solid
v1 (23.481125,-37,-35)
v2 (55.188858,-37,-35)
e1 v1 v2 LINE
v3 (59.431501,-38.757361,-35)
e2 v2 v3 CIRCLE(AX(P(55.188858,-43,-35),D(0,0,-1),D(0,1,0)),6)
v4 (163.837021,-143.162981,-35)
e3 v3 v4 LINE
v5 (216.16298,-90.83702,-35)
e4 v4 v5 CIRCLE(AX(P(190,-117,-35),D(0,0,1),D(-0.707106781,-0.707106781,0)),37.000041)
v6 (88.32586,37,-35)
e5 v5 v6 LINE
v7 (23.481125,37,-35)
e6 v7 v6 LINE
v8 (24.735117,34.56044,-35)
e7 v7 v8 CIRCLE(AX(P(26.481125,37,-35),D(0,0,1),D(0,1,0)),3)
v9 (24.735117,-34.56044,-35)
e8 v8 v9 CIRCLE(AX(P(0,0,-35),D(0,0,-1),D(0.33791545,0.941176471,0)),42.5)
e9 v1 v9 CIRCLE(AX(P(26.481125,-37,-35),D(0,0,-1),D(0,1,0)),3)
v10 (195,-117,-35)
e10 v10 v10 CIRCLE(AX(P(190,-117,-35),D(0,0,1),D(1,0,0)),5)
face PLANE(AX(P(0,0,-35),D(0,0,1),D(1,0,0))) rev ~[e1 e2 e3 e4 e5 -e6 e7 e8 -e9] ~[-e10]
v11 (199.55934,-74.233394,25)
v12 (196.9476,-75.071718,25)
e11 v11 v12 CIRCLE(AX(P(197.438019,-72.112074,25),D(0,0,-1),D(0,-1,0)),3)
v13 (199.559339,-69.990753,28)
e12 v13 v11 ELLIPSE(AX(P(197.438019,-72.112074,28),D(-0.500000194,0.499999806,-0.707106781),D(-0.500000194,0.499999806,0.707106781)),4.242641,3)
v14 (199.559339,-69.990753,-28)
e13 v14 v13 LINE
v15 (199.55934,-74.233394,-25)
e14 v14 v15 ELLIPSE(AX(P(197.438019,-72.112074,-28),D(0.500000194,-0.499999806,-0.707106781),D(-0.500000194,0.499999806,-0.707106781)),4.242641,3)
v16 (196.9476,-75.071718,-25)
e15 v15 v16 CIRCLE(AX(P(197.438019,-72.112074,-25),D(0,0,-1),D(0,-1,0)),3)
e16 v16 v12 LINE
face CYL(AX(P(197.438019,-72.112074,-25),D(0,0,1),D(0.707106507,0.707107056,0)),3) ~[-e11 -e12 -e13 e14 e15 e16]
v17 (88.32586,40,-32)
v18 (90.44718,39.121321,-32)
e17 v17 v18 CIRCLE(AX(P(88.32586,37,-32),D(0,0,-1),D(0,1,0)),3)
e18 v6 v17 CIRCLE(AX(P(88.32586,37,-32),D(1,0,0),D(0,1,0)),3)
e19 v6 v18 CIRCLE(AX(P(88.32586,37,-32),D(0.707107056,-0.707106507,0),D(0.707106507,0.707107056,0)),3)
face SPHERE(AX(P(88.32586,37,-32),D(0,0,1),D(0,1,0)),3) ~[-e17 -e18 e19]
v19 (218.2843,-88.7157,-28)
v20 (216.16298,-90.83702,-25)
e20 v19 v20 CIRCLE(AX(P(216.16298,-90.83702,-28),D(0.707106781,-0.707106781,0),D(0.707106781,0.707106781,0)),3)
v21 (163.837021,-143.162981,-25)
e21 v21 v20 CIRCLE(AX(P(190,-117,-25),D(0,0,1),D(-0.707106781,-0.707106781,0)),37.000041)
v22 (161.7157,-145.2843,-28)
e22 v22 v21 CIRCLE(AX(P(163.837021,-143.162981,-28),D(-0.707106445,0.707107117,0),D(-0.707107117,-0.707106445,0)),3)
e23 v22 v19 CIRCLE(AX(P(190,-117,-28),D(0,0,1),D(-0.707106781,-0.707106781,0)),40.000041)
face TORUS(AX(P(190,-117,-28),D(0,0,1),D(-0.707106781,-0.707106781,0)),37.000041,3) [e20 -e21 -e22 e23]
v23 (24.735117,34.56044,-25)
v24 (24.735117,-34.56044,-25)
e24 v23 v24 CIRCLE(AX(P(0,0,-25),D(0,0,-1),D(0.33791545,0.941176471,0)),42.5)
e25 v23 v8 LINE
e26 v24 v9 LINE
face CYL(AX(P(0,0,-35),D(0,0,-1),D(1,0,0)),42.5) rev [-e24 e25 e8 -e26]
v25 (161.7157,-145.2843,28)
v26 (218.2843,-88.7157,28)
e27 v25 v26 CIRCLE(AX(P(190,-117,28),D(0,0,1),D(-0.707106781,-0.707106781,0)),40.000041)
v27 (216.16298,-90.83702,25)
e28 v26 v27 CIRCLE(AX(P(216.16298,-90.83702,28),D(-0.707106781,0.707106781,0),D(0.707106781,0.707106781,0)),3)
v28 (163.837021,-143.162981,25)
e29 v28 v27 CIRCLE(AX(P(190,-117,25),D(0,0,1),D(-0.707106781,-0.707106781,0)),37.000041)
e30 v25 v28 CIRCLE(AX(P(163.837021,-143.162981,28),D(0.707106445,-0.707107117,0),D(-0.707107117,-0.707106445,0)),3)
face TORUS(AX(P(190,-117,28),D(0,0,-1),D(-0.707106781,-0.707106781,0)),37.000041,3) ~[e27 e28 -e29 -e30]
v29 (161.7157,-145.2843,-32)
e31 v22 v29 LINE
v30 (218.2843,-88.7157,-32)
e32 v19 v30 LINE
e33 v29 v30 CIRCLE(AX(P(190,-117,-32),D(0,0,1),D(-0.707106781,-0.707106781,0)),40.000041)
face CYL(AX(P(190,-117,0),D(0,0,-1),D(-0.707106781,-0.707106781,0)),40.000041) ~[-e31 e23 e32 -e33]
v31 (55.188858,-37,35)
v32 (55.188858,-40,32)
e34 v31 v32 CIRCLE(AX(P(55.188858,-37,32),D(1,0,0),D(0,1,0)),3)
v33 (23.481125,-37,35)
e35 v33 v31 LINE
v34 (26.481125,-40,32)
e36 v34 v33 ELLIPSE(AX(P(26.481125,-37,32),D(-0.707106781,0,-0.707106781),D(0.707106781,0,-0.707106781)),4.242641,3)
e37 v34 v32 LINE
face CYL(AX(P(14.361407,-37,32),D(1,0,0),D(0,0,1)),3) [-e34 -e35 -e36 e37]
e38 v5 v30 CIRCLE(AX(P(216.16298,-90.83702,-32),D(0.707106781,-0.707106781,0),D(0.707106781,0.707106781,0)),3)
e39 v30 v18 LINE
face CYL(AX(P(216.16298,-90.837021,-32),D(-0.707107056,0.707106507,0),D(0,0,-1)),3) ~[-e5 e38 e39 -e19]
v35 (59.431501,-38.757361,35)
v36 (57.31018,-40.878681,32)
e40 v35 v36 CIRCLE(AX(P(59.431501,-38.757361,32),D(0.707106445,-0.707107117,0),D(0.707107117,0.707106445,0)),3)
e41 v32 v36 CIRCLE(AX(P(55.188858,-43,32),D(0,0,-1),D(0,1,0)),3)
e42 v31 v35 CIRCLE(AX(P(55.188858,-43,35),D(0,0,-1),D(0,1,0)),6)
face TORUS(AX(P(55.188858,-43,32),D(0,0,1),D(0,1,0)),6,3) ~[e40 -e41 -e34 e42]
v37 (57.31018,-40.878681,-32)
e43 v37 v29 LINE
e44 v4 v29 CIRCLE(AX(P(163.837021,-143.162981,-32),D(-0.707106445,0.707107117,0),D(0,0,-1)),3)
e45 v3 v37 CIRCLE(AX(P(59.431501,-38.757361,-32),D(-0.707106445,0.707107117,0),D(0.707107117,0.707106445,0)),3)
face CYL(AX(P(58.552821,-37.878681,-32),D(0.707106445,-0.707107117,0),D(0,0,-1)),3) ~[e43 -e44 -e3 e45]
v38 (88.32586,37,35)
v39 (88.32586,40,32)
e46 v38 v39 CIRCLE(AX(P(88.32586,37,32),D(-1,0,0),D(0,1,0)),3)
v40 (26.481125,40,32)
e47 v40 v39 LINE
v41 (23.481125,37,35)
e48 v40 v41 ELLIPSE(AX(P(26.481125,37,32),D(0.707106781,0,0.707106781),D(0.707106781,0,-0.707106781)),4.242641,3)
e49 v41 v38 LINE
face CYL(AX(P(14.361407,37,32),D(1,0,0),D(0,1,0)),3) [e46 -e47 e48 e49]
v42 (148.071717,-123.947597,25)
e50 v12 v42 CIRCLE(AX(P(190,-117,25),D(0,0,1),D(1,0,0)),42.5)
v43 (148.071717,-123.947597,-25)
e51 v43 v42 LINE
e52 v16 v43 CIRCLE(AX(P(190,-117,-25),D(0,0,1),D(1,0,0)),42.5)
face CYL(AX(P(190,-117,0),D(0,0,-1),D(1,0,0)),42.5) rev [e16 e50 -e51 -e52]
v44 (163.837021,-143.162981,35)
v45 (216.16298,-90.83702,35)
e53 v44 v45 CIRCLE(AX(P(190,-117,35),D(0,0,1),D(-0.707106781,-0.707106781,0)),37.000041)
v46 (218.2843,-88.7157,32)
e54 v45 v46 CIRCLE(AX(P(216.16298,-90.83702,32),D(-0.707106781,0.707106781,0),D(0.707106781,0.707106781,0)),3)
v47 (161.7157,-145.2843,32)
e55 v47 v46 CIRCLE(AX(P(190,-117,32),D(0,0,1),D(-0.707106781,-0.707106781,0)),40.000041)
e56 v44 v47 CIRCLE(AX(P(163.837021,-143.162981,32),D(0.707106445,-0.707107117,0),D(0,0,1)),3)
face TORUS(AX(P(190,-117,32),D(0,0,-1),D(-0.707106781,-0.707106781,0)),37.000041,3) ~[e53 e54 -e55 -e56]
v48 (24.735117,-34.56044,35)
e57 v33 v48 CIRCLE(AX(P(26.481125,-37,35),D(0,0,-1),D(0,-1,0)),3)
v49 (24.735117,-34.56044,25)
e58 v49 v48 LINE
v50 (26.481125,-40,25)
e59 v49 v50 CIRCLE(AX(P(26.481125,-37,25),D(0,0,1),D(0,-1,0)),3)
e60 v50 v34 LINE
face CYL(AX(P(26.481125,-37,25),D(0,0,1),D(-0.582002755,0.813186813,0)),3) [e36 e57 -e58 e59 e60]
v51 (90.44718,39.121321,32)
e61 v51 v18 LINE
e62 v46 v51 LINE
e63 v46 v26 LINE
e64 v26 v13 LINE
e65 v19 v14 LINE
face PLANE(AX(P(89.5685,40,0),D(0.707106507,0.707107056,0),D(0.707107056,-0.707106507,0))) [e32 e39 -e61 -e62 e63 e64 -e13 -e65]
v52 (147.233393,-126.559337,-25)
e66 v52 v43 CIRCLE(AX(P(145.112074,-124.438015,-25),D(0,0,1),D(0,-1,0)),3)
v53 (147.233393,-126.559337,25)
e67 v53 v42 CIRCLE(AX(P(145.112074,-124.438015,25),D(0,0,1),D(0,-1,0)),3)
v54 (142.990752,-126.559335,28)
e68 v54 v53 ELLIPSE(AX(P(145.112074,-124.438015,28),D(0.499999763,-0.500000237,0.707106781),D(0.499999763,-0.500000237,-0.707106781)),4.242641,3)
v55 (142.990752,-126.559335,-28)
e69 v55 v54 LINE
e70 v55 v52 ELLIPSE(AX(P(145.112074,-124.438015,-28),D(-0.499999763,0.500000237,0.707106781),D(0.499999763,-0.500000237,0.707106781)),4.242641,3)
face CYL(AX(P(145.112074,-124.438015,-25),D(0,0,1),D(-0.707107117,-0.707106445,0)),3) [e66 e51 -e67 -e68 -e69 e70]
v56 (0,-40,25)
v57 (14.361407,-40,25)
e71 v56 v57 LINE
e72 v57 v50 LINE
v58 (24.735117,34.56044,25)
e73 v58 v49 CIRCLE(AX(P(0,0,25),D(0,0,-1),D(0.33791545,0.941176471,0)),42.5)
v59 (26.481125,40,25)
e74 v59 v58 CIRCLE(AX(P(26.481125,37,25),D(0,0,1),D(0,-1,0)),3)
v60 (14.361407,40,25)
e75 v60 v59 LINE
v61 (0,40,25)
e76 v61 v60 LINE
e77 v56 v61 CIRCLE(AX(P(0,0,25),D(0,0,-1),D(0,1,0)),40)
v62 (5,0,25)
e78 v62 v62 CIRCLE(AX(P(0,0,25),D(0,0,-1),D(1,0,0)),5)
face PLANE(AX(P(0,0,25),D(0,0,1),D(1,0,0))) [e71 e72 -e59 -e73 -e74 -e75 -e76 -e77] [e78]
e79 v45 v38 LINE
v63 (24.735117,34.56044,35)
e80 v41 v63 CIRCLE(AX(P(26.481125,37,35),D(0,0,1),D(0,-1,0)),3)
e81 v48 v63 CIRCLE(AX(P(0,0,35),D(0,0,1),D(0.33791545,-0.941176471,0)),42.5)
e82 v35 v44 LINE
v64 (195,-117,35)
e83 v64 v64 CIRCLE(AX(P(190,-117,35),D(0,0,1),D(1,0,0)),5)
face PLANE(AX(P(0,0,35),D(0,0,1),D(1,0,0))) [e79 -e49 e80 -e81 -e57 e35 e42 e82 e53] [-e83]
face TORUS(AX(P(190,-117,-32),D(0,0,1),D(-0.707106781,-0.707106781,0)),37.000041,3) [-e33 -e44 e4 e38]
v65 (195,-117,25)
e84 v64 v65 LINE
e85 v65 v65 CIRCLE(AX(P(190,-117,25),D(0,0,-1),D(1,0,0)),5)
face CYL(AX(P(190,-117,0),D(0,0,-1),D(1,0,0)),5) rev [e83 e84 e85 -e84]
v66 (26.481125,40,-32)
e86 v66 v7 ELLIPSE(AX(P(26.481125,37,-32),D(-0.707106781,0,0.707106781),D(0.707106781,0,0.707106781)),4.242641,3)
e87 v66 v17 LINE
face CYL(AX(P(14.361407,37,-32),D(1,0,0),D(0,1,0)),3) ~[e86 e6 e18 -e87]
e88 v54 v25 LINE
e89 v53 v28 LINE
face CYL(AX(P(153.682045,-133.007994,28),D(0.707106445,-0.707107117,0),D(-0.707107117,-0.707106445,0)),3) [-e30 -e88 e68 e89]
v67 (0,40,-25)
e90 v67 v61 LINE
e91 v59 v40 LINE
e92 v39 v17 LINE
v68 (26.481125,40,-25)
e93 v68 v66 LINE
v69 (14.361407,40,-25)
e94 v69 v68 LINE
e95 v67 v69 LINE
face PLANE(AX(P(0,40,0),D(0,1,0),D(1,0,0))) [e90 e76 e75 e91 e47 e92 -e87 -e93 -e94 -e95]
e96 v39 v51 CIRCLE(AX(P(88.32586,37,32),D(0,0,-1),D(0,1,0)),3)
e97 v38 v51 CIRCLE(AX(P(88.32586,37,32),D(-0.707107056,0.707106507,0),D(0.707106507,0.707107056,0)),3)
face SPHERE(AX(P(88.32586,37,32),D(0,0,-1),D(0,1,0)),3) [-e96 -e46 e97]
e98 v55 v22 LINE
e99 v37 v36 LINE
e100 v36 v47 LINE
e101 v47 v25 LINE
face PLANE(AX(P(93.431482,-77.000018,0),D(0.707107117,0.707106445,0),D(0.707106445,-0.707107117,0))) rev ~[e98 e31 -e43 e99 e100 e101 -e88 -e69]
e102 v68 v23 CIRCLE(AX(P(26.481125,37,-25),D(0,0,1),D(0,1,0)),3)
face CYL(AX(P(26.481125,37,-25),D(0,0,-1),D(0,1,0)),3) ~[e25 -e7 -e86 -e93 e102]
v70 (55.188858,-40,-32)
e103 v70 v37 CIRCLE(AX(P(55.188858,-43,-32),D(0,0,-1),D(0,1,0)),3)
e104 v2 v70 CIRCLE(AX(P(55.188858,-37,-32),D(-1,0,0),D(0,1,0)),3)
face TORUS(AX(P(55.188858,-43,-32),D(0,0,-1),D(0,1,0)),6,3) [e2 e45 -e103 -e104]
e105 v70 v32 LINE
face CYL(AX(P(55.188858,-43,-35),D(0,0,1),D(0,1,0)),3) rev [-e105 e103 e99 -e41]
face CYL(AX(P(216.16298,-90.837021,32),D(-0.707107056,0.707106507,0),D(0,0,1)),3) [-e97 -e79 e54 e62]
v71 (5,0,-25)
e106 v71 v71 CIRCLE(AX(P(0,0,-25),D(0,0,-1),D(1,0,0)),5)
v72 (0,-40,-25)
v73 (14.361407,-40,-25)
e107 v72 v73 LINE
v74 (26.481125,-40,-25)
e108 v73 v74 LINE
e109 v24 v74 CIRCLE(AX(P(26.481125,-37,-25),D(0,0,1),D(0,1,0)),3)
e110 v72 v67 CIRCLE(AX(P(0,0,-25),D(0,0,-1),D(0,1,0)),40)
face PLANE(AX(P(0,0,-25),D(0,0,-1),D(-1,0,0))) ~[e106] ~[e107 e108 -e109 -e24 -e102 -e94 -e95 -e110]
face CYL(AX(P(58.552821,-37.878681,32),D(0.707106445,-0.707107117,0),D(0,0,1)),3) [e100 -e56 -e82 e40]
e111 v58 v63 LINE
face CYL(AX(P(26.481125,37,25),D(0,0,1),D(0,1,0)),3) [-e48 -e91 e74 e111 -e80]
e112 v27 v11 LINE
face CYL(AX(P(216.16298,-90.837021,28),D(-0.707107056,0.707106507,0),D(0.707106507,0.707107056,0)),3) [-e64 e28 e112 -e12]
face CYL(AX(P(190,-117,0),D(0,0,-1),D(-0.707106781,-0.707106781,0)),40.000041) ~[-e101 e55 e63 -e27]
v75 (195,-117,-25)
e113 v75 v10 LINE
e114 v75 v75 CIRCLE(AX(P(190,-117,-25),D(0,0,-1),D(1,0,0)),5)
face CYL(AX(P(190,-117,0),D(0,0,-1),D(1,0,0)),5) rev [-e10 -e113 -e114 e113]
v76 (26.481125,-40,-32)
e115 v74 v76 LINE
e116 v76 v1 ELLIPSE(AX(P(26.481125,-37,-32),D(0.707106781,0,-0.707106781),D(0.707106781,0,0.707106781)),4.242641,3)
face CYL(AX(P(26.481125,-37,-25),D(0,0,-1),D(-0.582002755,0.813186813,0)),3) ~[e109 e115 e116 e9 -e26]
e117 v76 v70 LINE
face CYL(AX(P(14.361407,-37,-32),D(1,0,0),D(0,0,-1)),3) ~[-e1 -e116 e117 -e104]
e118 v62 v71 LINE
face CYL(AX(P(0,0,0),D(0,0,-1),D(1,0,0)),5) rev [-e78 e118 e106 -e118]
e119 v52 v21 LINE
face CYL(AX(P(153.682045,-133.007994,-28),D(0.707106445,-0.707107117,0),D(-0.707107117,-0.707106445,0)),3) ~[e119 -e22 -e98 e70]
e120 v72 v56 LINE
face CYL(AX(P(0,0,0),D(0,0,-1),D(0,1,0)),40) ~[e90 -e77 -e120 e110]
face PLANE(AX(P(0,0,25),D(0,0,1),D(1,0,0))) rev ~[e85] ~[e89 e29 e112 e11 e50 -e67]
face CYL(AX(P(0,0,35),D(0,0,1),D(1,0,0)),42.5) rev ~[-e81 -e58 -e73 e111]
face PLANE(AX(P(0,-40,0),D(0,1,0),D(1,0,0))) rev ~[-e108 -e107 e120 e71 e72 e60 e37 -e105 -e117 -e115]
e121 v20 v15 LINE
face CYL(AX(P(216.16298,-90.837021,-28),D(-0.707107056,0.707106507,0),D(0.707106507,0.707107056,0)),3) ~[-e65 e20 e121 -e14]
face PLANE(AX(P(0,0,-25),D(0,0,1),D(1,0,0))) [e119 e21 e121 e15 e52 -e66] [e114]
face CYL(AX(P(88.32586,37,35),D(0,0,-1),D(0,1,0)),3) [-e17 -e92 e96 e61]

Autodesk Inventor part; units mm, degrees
ref_plane "YZ Plane" through (0, 0, 0) normal (1, 0, 0) x (0, 1, 0)
ref_plane "XZ Plane" through (0, 0, 0) normal (0, 1, 0) x (-1, 0, 0)
ref_plane "XY Plane" through (0, 0, 0) normal (0, 0, 1) x (1, 0, 0)
sketch "Sketch1" plane through (0, 0, 0) normal (0, 0, 1) x (1, 0, 0)
  arc A0 (0, 40) -> (0, -40) centre (0, 0) ccw
  arc A1 (161.7157, -145.2843) -> (218.2843, -88.7157) centre (190, -117) ccw
  line L0 (0, 40) -> (89.5685, 40)
  line L1 (89.5685, 40) -> (218.2843, -88.7157)
  line L2 (0, -40) -> (56.4315, -40)
  line L3 (56.4315, -40) -> (161.7157, -145.2843)
  arc A2 (0, -40) -> (0, 40) centre (0, 0) ccw construction
  arc A3 (218.2843, -88.7157) -> (161.7157, -145.2843) centre (190, -117) ccw construction
  circle A4 centre (0, 0) radius 5
  circle A5 centre (190, -117) radius 5
  line L4 (0, -40) -> (161.7157, -40)
  line L5 (93.4315, -77) -> (190, -77)
  dimension "d0" = 80
  dimension "d1" = 80
  dimension "d2" = 190
  dimension "d3" = 117
  dimension "d4" = 135
  dimension "d9" = 10
  dimension "d10" = 10
extrude "Extrusion1" add sketch "Sketch1" along normal mid plane 70
sketch "Sketch2" plane through (0, 0, 0) normal (0, 0, 1) x (1, 0, 0)
  arc A0 (0, 40) -> (0, -40) centre (0, 0) ccw projected
  line L0 (0, -40) -> (56.4315, -40) projected
  line L1 (56.4315, -40) -> (161.7157, -145.2843) projected
  arc A1 (161.7157, -145.2843) -> (218.2843, -88.7157) centre (190, -117) ccw projected
  line L2 (218.2843, -88.7157) -> (89.5685, 40) projected
  line L3 (89.5685, 40) -> (0, 40) projected
  circle A2 centre (0, 0) radius 42.5
  circle A3 centre (190, -117) radius 42.5
  point P0 (208.1292, -78.5607)
  point P1 (151.5607, -135.1292)
  dimension "d7" = 85
  dimension "d8" = 85
extrude "Extrusion2" cut sketch "Sketch2" along normal mid plane 50 contours L2 A1 L1 A3 picked at (179.9827, -106.9827)
sketch "Sketch3" plane through (0, 0, 35) normal (0, 0, 1) x (1, 0, 0)
  arc A0 (0, 40) -> (0, -40) centre (0, 0) ccw projected
  line L0 (0, -40) -> (56.4315, -40) projected
  line L1 (56.4315, -40) -> (161.7157, -145.2843) projected
  arc A1 (161.7157, -145.2843) -> (218.2843, -88.7157) centre (190, -117) ccw projected
  line L2 (218.2843, -88.7157) -> (89.5685, 40) projected
  line L3 (89.5685, 40) -> (0, 40) projected
  circle A2 centre (0, 0) radius 5 projected
  circle A3 centre (190, -117) radius 5 projected
  circle A4 centre (0, 0) radius 42.5
  dimension "d13" = 85
extrude "Extrusion3" cut sketch "Sketch3" against normal blind 10 contours L3 A4 L0 A0 | A0 L0 A4 L3 | A2
mirror "Mirror1" about plane through (0, 0, 0) normal (0, 0, 1) of "Extrusion3"
fillet "Fillet1" radius 3 24 edges at (14.3614, 40, -30) (14.3614, 40, 30) (14.3614, -40, 30) (14.3614, -40, -30) (151.5607, -135.1292, 0) (208.1292, -78.5607, 0) (51.965, 40, 35) (218.2843, -145.2843, 35) (109.0736, -92.6421, 35) (153.9264, -24.3579, 35) (51.965, 40, -35) (218.2843, -145.2843, -35) (109.0736, -92.6421, -35) (153.9264, -24.3579, -35) (89.5685, 40, 0) (56.4315, -40, 0) (35.3964, -40, 35) (35.3964, -40, -35) (213.2067, -83.6382, 25) (156.6382, -140.2067, 25) (218.2843, -145.2843, 25) (156.6382, -140.2067, -25) (213.2067, -83.6382, -25) (218.2843, -145.2843, -25)
properties part number "Arm2"
